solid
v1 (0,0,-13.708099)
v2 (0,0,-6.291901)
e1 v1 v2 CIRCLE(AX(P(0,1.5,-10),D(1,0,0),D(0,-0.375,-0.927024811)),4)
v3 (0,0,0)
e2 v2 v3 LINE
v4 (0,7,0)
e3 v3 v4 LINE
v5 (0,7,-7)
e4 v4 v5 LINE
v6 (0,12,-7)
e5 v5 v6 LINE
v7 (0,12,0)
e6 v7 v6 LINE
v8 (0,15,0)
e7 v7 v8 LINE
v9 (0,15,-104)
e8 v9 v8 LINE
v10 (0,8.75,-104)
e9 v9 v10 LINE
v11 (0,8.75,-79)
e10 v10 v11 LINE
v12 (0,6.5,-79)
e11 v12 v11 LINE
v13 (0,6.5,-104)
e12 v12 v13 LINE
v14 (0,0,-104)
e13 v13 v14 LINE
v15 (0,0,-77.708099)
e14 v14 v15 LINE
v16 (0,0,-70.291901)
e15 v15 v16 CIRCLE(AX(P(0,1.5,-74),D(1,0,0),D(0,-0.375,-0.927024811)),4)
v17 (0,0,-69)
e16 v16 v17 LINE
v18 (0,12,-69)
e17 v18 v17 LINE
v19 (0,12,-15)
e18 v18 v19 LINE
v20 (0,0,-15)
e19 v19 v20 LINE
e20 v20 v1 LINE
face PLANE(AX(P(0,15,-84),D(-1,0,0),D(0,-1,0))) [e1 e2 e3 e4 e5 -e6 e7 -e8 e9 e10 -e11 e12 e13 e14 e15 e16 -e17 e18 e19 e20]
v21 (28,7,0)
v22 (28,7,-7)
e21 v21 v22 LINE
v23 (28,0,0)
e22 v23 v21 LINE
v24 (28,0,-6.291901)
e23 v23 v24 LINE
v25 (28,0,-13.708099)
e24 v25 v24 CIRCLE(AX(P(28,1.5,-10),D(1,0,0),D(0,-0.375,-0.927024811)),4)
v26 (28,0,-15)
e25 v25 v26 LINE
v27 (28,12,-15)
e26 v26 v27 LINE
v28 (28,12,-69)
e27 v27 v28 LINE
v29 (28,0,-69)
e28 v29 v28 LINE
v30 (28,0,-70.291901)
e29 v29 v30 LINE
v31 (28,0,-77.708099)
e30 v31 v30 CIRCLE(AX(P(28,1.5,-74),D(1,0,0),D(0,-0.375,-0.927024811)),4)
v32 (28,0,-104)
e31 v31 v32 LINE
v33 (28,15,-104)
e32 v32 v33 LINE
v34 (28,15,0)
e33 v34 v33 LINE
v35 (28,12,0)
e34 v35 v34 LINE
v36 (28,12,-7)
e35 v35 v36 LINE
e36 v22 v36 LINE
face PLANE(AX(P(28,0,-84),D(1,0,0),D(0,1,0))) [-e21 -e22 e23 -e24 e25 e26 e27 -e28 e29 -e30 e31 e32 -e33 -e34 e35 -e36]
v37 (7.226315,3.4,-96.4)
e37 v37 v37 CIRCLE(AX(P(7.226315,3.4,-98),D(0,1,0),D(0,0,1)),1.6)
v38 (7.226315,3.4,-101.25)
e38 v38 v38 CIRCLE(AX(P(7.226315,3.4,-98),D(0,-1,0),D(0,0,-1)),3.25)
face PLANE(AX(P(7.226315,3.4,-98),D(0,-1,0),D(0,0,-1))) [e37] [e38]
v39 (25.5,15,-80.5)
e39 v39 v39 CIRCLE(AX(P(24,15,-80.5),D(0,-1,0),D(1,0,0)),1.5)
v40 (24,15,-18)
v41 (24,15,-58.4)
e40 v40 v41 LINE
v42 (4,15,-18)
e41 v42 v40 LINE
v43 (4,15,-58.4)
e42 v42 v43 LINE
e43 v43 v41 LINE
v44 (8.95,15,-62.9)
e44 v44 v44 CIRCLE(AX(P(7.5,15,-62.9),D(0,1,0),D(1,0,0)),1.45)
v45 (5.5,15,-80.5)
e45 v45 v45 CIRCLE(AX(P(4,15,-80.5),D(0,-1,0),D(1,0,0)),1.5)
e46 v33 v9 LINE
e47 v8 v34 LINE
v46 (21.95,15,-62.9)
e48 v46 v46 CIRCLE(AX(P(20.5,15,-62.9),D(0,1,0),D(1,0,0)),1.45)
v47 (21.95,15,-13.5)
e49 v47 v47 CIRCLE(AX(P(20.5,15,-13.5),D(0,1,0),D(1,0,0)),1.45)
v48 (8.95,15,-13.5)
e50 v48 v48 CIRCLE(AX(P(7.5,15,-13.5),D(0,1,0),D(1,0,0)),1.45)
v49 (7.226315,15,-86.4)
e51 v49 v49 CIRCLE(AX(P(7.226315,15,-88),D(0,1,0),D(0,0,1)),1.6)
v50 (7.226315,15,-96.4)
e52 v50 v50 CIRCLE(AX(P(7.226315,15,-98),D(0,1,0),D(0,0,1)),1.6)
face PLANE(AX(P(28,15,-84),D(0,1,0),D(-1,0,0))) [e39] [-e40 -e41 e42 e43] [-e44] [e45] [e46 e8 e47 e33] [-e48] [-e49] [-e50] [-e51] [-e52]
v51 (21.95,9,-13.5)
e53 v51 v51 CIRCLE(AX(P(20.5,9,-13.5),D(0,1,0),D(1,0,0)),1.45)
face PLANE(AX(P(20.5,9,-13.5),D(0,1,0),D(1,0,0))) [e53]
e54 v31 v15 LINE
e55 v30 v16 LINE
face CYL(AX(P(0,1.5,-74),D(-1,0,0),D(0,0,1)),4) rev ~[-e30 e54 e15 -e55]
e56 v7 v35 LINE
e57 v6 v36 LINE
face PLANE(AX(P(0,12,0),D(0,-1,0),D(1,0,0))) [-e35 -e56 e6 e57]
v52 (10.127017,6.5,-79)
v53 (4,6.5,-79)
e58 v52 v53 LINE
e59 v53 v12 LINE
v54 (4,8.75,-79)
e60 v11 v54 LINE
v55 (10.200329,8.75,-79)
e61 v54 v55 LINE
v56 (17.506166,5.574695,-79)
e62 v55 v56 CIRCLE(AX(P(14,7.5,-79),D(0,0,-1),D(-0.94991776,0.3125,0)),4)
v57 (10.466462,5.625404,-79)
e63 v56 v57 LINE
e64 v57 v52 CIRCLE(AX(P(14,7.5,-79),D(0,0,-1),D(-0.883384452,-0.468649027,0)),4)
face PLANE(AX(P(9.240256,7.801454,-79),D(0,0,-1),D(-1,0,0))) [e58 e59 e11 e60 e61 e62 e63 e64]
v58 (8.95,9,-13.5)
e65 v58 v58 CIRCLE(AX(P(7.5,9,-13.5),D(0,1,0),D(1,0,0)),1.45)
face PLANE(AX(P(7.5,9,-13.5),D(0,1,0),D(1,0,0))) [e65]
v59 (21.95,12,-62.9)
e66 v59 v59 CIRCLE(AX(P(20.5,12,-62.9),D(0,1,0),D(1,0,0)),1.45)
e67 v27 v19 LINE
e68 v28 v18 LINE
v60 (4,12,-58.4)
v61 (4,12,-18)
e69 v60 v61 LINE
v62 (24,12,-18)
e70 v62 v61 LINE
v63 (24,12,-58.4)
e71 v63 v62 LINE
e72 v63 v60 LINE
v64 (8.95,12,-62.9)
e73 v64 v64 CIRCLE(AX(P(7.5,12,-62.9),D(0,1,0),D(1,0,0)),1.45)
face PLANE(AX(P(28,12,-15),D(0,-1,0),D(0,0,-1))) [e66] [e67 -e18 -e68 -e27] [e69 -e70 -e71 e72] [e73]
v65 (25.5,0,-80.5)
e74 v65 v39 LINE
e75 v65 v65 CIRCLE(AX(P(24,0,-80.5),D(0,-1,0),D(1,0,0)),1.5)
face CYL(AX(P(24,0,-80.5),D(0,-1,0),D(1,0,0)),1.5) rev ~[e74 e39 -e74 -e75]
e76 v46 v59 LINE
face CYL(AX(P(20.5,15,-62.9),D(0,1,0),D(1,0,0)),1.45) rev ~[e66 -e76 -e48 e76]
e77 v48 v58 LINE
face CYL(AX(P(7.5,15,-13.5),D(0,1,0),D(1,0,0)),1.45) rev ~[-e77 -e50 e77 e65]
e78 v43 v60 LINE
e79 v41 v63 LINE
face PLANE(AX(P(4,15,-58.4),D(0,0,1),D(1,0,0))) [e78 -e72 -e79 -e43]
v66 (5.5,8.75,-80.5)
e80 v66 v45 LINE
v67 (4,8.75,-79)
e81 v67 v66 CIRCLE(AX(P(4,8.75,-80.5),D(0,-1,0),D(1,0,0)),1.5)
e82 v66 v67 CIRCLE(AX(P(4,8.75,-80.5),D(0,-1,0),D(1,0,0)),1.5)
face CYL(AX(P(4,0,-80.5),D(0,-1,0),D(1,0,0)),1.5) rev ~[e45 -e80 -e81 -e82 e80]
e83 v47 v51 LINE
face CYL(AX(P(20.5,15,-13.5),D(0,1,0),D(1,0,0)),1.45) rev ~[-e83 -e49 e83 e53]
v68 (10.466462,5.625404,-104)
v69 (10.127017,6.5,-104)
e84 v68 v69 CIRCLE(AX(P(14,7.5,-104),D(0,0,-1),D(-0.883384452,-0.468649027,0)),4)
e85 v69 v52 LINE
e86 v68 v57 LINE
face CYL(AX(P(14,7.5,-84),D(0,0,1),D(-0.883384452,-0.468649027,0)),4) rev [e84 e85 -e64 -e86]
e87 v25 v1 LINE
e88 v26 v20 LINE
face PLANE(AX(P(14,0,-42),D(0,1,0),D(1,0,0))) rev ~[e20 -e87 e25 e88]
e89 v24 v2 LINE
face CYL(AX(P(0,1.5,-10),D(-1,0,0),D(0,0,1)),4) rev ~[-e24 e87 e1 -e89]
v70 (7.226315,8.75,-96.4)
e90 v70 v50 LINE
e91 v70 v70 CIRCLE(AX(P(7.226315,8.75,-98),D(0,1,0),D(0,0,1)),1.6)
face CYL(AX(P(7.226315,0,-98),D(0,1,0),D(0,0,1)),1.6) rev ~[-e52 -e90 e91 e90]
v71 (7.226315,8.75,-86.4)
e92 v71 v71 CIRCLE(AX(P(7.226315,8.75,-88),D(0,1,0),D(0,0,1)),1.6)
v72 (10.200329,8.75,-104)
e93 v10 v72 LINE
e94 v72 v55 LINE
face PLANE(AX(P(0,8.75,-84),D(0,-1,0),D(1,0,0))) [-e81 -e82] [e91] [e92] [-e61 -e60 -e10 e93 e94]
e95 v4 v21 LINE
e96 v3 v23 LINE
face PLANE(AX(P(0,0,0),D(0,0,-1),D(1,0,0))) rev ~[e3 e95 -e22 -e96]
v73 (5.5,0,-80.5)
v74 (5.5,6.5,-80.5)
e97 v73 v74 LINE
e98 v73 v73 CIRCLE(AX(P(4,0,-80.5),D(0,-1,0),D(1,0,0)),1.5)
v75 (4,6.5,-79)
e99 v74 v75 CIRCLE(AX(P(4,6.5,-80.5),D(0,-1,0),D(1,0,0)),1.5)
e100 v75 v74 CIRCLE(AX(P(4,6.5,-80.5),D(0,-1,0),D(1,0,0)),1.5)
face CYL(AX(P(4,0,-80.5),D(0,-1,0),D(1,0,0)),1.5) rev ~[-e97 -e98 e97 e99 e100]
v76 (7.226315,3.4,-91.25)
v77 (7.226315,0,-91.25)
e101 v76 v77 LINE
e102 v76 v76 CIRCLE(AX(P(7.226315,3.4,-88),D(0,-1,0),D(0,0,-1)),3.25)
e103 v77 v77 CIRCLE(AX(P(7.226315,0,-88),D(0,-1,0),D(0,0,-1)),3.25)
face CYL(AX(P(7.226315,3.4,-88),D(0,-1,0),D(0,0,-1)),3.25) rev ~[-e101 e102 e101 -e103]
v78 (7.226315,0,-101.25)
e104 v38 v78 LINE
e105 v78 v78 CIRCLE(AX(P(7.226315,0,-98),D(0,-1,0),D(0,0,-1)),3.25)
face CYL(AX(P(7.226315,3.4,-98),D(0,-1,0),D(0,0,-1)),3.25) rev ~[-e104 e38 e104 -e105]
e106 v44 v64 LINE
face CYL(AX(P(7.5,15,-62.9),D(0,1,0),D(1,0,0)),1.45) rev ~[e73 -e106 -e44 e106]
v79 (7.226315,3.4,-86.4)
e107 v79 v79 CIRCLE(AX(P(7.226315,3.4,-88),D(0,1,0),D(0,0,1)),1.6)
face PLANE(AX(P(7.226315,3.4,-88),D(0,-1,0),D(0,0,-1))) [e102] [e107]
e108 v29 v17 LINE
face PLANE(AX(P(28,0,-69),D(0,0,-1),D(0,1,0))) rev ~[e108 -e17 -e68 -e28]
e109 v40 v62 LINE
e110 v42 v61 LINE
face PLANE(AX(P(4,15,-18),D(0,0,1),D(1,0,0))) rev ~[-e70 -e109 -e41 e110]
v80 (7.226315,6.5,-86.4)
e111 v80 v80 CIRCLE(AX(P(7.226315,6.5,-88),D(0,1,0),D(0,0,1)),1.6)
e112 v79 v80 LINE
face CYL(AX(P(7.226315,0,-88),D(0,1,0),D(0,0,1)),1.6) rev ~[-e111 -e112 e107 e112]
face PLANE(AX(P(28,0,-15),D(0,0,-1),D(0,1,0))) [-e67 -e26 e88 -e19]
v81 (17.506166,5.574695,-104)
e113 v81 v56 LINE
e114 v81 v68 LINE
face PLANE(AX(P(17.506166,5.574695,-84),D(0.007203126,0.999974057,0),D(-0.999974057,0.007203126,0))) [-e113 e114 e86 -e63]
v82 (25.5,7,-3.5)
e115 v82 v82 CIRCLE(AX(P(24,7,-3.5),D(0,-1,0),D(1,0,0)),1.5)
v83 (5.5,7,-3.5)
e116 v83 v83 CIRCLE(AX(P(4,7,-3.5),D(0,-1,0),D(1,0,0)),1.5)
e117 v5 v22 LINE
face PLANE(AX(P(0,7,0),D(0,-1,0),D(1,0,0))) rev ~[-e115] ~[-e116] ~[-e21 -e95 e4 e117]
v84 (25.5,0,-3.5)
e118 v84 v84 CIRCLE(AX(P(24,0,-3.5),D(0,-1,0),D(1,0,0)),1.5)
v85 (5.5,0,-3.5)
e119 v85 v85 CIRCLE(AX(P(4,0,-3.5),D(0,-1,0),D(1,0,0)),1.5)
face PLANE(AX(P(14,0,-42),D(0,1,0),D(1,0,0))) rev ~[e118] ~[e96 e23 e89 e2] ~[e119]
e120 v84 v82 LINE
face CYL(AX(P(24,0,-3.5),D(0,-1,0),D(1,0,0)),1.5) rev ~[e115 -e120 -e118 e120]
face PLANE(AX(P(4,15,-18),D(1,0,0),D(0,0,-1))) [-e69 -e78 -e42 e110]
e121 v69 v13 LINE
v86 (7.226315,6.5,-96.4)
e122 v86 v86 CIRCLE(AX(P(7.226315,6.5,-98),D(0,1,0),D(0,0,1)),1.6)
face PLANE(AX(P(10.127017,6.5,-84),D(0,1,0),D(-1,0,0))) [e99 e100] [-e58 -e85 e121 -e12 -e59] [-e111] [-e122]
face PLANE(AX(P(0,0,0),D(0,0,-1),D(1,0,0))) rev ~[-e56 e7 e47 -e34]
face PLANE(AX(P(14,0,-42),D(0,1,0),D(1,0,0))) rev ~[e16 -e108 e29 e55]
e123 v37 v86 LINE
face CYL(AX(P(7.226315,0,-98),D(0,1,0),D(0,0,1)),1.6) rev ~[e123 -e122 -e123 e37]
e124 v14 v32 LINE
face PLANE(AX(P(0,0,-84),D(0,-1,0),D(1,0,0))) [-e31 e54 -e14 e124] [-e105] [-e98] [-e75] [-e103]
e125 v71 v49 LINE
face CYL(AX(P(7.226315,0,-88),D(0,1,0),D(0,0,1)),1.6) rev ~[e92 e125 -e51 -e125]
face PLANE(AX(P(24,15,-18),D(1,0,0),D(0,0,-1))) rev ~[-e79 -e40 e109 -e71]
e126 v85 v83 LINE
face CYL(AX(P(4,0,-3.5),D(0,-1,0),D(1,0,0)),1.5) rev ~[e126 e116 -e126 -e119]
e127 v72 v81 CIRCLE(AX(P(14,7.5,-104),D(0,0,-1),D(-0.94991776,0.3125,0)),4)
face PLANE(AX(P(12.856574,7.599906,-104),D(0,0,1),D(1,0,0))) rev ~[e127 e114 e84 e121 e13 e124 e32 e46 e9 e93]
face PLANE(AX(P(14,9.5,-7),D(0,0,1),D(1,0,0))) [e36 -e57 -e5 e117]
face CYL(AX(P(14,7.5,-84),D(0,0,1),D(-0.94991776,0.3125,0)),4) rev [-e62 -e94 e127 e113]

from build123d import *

# Parameters (mm, degrees)
SKETCH1_W                                           = 28
SKETCH1_H                                           = 84
BOSS_EXTRUDE2_DEPTH                                 = 15
SKETCH7_W                                           = 54
SKETCH7_H                                           = 12
CUT_EXTRUDE2_DEPTH                                  = 1
CUT_EXTRUDE2_DEPTH_BACK                             = 29
SKETCH6_W                                           = 20
SKETCH6_H                                           = 40.4
CUT_EXTRUDE1_DEPTH                                  = 16
SKETCH8_W                                           = 28
SKETCH8_H                                           = 5
CUT_EXTRUDE3_DEPTH                                  = 7
SKETCH9_R                                           = 1.45
CUT_EXTRUDE4_DEPTH                                  = 6
SKETCH11_R                                          = 4
CUT_EXTRUDE5_DEPTH                                  = 1
CUT_EXTRUDE5_DEPTH_BACK                             = 29
SKETCH12_R                                          = 1.5
CUT_EXTRUDE6_DEPTH                                  = 8
SKETCH13_R                                          = 1.5
CUT_EXTRUDE7_DEPTH                                  = 16
BOSS_EXTRUDE3_DEPTH                                 = 20
CUT_EXTRUDE10_DEPTH                                 = 25
CBORE_FOR_M3_HEX_SOCKET_HEAD_CAP_SCREW1_D           = 3.2
CBORE_FOR_M3_HEX_SOCKET_HEAD_CAP_SCREW1_CBORE_D     = 6.5
CBORE_FOR_M3_HEX_SOCKET_HEAD_CAP_SCREW1_CBORE_DEPTH = 3.4


with BuildPart() as part:
    # Sketch1 → Boss-Extrude2 (new body)
    with BuildSketch(Plane(origin=(0, 0, 0), x_dir=(1, 0, 0), z_dir=(0, 1, 0))):
        with Locations((14, 42)):
            Rectangle(SKETCH1_W, SKETCH1_H)
    extrude(amount=BOSS_EXTRUDE2_DEPTH)

    # Sketch7 → Cut-Extrude2 (cut, two sides)
    with BuildSketch(Plane(origin=(28, 0, 0), x_dir=(0, 0, -1), z_dir=(1, 0, 0))) as cut_extrude2_sk:
        with Locations((42, 6)):
            Rectangle(SKETCH7_W, SKETCH7_H)
    extrude(amount=CUT_EXTRUDE2_DEPTH, mode=Mode.SUBTRACT)
    extrude(cut_extrude2_sk.sketch, amount=-CUT_EXTRUDE2_DEPTH_BACK, mode=Mode.SUBTRACT)

    # Sketch6 → Cut-Extrude1 (cut, through all)
    with BuildSketch(Plane(origin=(0, 15, 0), x_dir=(1, 0, 0), z_dir=(0, 1, 0))):
        with Locations((14, 38.2)):
            Rectangle(SKETCH6_W, SKETCH6_H)
    extrude(amount=-CUT_EXTRUDE1_DEPTH, mode=Mode.SUBTRACT)

    # Sketch8 → Cut-Extrude3 (cut)
    with BuildSketch(Plane.XY):
        with Locations((14, 9.5)):
            Rectangle(SKETCH8_W, SKETCH8_H)
    extrude(amount=-CUT_EXTRUDE3_DEPTH, mode=Mode.SUBTRACT)

    # Sketch9 → Cut-Extrude4 (cut)
    with BuildSketch(Plane(origin=(0, 15, 0), x_dir=(1, 0, 0), z_dir=(0, 1, 0))):
        with Locations((7.5, 13.5)):
            Circle(SKETCH9_R)
        with Locations((20.5, 13.5)):
            Circle(SKETCH9_R)
        with Locations((7.5, 62.9)):
            Circle(SKETCH9_R)
        with Locations((20.5, 62.9)):
            Circle(SKETCH9_R)
    extrude(amount=-CUT_EXTRUDE4_DEPTH, mode=Mode.SUBTRACT)

    # Sketch11 → Cut-Extrude5 (cut, two sides)
    with BuildSketch(Plane.ZY) as cut_extrude5_sk:
        with Locations((-10, 1.5)):
            Circle(SKETCH11_R)
        with Locations((-74, 1.5)):
            Circle(SKETCH11_R)
    extrude(amount=CUT_EXTRUDE5_DEPTH, mode=Mode.SUBTRACT)
    extrude(cut_extrude5_sk.sketch, amount=-CUT_EXTRUDE5_DEPTH_BACK, mode=Mode.SUBTRACT)

    # Sketch12 → Cut-Extrude6 (cut)
    with BuildSketch(Plane.XZ):
        with Locations((4, -3.5)):
            Circle(SKETCH12_R)
        with Locations((24, -3.5)):
            Circle(SKETCH12_R)
    extrude(amount=-CUT_EXTRUDE6_DEPTH, mode=Mode.SUBTRACT)

    # Sketch13 → Cut-Extrude7 (cut, through all)
    with BuildSketch(Plane.XZ):
        with Locations((4, -80.5)):
            Circle(SKETCH13_R)
        with Locations((24, -80.5)):
            Circle(SKETCH13_R)
    extrude(amount=-CUT_EXTRUDE7_DEPTH, mode=Mode.SUBTRACT)

    # Sketch15 → Boss-Extrude3 (add)
    with BuildSketch(Plane(origin=(0, 0, -84), x_dir=(-1, 0, 0), z_dir=(0, 0, -1))):
        with BuildLine():
            Line((-28, 15), (0, 15))
            Line((0, 15), (0, 8.75))
            Line((0, 8.75), (-10.200328962, 8.75))
            ThreePointArc((-10.200328962, 8.75), (-15.594420664, 11.168490527), (-17.506165925, 5.574694698))
            Line((-17.506165925, 5.574694698), (-10.466462197, 5.625403884))
            ThreePointArc((-10.466462197, 5.625403884), (-10.271009725, 6.05271581), (-10.127016654, 6.5))
            Line((-10.127016654, 6.5), (0, 6.5))
            Line((0, 6.5), (0, 0))
            Line((0, 0), (-28, 0))
            Line((-28, 0), (-28, 15))
        make_face()
    extrude(amount=BOSS_EXTRUDE3_DEPTH)

    # Sketch17 → Cut-Extrude10 (cut)
    with BuildSketch(Plane(origin=(0, 0, -104), x_dir=(-1, 0, 0), z_dir=(0, 0, -1))):
        with BuildLine():
            Line((0, 8.75), (-10.200328962, 8.75))
            ThreePointArc((-10.200328962, 8.75), (-15.594420664, 11.168490527), (-17.506165925, 5.574694698))
            Line((-17.506165925, 5.574694698), (-10.466462197, 5.625403884))
            ThreePointArc((-10.466462197, 5.625403884), (-10.271009725, 6.05271581), (-10.127016654, 6.5))
            Line((-10.127016654, 6.5), (0, 6.5))
            Line((0, 6.5), (0, 8.75))
        make_face()
    extrude(amount=-CUT_EXTRUDE10_DEPTH, mode=Mode.SUBTRACT)

    # CBORE for M3 Hex Socket Head Cap Screw1 (through all)
    with Locations(Plane(origin=(7.226315369, 0, -88), x_dir=(0, 0, -1), z_dir=(0, -1, 0))):
        with Locations((0, 0), (10, 0)):
            CounterBoreHole(CBORE_FOR_M3_HEX_SOCKET_HEAD_CAP_SCREW1_D / 2, CBORE_FOR_M3_HEX_SOCKET_HEAD_CAP_SCREW1_CBORE_D / 2, CBORE_FOR_M3_HEX_SOCKET_HEAD_CAP_SCREW1_CBORE_DEPTH)


solid = part.part
